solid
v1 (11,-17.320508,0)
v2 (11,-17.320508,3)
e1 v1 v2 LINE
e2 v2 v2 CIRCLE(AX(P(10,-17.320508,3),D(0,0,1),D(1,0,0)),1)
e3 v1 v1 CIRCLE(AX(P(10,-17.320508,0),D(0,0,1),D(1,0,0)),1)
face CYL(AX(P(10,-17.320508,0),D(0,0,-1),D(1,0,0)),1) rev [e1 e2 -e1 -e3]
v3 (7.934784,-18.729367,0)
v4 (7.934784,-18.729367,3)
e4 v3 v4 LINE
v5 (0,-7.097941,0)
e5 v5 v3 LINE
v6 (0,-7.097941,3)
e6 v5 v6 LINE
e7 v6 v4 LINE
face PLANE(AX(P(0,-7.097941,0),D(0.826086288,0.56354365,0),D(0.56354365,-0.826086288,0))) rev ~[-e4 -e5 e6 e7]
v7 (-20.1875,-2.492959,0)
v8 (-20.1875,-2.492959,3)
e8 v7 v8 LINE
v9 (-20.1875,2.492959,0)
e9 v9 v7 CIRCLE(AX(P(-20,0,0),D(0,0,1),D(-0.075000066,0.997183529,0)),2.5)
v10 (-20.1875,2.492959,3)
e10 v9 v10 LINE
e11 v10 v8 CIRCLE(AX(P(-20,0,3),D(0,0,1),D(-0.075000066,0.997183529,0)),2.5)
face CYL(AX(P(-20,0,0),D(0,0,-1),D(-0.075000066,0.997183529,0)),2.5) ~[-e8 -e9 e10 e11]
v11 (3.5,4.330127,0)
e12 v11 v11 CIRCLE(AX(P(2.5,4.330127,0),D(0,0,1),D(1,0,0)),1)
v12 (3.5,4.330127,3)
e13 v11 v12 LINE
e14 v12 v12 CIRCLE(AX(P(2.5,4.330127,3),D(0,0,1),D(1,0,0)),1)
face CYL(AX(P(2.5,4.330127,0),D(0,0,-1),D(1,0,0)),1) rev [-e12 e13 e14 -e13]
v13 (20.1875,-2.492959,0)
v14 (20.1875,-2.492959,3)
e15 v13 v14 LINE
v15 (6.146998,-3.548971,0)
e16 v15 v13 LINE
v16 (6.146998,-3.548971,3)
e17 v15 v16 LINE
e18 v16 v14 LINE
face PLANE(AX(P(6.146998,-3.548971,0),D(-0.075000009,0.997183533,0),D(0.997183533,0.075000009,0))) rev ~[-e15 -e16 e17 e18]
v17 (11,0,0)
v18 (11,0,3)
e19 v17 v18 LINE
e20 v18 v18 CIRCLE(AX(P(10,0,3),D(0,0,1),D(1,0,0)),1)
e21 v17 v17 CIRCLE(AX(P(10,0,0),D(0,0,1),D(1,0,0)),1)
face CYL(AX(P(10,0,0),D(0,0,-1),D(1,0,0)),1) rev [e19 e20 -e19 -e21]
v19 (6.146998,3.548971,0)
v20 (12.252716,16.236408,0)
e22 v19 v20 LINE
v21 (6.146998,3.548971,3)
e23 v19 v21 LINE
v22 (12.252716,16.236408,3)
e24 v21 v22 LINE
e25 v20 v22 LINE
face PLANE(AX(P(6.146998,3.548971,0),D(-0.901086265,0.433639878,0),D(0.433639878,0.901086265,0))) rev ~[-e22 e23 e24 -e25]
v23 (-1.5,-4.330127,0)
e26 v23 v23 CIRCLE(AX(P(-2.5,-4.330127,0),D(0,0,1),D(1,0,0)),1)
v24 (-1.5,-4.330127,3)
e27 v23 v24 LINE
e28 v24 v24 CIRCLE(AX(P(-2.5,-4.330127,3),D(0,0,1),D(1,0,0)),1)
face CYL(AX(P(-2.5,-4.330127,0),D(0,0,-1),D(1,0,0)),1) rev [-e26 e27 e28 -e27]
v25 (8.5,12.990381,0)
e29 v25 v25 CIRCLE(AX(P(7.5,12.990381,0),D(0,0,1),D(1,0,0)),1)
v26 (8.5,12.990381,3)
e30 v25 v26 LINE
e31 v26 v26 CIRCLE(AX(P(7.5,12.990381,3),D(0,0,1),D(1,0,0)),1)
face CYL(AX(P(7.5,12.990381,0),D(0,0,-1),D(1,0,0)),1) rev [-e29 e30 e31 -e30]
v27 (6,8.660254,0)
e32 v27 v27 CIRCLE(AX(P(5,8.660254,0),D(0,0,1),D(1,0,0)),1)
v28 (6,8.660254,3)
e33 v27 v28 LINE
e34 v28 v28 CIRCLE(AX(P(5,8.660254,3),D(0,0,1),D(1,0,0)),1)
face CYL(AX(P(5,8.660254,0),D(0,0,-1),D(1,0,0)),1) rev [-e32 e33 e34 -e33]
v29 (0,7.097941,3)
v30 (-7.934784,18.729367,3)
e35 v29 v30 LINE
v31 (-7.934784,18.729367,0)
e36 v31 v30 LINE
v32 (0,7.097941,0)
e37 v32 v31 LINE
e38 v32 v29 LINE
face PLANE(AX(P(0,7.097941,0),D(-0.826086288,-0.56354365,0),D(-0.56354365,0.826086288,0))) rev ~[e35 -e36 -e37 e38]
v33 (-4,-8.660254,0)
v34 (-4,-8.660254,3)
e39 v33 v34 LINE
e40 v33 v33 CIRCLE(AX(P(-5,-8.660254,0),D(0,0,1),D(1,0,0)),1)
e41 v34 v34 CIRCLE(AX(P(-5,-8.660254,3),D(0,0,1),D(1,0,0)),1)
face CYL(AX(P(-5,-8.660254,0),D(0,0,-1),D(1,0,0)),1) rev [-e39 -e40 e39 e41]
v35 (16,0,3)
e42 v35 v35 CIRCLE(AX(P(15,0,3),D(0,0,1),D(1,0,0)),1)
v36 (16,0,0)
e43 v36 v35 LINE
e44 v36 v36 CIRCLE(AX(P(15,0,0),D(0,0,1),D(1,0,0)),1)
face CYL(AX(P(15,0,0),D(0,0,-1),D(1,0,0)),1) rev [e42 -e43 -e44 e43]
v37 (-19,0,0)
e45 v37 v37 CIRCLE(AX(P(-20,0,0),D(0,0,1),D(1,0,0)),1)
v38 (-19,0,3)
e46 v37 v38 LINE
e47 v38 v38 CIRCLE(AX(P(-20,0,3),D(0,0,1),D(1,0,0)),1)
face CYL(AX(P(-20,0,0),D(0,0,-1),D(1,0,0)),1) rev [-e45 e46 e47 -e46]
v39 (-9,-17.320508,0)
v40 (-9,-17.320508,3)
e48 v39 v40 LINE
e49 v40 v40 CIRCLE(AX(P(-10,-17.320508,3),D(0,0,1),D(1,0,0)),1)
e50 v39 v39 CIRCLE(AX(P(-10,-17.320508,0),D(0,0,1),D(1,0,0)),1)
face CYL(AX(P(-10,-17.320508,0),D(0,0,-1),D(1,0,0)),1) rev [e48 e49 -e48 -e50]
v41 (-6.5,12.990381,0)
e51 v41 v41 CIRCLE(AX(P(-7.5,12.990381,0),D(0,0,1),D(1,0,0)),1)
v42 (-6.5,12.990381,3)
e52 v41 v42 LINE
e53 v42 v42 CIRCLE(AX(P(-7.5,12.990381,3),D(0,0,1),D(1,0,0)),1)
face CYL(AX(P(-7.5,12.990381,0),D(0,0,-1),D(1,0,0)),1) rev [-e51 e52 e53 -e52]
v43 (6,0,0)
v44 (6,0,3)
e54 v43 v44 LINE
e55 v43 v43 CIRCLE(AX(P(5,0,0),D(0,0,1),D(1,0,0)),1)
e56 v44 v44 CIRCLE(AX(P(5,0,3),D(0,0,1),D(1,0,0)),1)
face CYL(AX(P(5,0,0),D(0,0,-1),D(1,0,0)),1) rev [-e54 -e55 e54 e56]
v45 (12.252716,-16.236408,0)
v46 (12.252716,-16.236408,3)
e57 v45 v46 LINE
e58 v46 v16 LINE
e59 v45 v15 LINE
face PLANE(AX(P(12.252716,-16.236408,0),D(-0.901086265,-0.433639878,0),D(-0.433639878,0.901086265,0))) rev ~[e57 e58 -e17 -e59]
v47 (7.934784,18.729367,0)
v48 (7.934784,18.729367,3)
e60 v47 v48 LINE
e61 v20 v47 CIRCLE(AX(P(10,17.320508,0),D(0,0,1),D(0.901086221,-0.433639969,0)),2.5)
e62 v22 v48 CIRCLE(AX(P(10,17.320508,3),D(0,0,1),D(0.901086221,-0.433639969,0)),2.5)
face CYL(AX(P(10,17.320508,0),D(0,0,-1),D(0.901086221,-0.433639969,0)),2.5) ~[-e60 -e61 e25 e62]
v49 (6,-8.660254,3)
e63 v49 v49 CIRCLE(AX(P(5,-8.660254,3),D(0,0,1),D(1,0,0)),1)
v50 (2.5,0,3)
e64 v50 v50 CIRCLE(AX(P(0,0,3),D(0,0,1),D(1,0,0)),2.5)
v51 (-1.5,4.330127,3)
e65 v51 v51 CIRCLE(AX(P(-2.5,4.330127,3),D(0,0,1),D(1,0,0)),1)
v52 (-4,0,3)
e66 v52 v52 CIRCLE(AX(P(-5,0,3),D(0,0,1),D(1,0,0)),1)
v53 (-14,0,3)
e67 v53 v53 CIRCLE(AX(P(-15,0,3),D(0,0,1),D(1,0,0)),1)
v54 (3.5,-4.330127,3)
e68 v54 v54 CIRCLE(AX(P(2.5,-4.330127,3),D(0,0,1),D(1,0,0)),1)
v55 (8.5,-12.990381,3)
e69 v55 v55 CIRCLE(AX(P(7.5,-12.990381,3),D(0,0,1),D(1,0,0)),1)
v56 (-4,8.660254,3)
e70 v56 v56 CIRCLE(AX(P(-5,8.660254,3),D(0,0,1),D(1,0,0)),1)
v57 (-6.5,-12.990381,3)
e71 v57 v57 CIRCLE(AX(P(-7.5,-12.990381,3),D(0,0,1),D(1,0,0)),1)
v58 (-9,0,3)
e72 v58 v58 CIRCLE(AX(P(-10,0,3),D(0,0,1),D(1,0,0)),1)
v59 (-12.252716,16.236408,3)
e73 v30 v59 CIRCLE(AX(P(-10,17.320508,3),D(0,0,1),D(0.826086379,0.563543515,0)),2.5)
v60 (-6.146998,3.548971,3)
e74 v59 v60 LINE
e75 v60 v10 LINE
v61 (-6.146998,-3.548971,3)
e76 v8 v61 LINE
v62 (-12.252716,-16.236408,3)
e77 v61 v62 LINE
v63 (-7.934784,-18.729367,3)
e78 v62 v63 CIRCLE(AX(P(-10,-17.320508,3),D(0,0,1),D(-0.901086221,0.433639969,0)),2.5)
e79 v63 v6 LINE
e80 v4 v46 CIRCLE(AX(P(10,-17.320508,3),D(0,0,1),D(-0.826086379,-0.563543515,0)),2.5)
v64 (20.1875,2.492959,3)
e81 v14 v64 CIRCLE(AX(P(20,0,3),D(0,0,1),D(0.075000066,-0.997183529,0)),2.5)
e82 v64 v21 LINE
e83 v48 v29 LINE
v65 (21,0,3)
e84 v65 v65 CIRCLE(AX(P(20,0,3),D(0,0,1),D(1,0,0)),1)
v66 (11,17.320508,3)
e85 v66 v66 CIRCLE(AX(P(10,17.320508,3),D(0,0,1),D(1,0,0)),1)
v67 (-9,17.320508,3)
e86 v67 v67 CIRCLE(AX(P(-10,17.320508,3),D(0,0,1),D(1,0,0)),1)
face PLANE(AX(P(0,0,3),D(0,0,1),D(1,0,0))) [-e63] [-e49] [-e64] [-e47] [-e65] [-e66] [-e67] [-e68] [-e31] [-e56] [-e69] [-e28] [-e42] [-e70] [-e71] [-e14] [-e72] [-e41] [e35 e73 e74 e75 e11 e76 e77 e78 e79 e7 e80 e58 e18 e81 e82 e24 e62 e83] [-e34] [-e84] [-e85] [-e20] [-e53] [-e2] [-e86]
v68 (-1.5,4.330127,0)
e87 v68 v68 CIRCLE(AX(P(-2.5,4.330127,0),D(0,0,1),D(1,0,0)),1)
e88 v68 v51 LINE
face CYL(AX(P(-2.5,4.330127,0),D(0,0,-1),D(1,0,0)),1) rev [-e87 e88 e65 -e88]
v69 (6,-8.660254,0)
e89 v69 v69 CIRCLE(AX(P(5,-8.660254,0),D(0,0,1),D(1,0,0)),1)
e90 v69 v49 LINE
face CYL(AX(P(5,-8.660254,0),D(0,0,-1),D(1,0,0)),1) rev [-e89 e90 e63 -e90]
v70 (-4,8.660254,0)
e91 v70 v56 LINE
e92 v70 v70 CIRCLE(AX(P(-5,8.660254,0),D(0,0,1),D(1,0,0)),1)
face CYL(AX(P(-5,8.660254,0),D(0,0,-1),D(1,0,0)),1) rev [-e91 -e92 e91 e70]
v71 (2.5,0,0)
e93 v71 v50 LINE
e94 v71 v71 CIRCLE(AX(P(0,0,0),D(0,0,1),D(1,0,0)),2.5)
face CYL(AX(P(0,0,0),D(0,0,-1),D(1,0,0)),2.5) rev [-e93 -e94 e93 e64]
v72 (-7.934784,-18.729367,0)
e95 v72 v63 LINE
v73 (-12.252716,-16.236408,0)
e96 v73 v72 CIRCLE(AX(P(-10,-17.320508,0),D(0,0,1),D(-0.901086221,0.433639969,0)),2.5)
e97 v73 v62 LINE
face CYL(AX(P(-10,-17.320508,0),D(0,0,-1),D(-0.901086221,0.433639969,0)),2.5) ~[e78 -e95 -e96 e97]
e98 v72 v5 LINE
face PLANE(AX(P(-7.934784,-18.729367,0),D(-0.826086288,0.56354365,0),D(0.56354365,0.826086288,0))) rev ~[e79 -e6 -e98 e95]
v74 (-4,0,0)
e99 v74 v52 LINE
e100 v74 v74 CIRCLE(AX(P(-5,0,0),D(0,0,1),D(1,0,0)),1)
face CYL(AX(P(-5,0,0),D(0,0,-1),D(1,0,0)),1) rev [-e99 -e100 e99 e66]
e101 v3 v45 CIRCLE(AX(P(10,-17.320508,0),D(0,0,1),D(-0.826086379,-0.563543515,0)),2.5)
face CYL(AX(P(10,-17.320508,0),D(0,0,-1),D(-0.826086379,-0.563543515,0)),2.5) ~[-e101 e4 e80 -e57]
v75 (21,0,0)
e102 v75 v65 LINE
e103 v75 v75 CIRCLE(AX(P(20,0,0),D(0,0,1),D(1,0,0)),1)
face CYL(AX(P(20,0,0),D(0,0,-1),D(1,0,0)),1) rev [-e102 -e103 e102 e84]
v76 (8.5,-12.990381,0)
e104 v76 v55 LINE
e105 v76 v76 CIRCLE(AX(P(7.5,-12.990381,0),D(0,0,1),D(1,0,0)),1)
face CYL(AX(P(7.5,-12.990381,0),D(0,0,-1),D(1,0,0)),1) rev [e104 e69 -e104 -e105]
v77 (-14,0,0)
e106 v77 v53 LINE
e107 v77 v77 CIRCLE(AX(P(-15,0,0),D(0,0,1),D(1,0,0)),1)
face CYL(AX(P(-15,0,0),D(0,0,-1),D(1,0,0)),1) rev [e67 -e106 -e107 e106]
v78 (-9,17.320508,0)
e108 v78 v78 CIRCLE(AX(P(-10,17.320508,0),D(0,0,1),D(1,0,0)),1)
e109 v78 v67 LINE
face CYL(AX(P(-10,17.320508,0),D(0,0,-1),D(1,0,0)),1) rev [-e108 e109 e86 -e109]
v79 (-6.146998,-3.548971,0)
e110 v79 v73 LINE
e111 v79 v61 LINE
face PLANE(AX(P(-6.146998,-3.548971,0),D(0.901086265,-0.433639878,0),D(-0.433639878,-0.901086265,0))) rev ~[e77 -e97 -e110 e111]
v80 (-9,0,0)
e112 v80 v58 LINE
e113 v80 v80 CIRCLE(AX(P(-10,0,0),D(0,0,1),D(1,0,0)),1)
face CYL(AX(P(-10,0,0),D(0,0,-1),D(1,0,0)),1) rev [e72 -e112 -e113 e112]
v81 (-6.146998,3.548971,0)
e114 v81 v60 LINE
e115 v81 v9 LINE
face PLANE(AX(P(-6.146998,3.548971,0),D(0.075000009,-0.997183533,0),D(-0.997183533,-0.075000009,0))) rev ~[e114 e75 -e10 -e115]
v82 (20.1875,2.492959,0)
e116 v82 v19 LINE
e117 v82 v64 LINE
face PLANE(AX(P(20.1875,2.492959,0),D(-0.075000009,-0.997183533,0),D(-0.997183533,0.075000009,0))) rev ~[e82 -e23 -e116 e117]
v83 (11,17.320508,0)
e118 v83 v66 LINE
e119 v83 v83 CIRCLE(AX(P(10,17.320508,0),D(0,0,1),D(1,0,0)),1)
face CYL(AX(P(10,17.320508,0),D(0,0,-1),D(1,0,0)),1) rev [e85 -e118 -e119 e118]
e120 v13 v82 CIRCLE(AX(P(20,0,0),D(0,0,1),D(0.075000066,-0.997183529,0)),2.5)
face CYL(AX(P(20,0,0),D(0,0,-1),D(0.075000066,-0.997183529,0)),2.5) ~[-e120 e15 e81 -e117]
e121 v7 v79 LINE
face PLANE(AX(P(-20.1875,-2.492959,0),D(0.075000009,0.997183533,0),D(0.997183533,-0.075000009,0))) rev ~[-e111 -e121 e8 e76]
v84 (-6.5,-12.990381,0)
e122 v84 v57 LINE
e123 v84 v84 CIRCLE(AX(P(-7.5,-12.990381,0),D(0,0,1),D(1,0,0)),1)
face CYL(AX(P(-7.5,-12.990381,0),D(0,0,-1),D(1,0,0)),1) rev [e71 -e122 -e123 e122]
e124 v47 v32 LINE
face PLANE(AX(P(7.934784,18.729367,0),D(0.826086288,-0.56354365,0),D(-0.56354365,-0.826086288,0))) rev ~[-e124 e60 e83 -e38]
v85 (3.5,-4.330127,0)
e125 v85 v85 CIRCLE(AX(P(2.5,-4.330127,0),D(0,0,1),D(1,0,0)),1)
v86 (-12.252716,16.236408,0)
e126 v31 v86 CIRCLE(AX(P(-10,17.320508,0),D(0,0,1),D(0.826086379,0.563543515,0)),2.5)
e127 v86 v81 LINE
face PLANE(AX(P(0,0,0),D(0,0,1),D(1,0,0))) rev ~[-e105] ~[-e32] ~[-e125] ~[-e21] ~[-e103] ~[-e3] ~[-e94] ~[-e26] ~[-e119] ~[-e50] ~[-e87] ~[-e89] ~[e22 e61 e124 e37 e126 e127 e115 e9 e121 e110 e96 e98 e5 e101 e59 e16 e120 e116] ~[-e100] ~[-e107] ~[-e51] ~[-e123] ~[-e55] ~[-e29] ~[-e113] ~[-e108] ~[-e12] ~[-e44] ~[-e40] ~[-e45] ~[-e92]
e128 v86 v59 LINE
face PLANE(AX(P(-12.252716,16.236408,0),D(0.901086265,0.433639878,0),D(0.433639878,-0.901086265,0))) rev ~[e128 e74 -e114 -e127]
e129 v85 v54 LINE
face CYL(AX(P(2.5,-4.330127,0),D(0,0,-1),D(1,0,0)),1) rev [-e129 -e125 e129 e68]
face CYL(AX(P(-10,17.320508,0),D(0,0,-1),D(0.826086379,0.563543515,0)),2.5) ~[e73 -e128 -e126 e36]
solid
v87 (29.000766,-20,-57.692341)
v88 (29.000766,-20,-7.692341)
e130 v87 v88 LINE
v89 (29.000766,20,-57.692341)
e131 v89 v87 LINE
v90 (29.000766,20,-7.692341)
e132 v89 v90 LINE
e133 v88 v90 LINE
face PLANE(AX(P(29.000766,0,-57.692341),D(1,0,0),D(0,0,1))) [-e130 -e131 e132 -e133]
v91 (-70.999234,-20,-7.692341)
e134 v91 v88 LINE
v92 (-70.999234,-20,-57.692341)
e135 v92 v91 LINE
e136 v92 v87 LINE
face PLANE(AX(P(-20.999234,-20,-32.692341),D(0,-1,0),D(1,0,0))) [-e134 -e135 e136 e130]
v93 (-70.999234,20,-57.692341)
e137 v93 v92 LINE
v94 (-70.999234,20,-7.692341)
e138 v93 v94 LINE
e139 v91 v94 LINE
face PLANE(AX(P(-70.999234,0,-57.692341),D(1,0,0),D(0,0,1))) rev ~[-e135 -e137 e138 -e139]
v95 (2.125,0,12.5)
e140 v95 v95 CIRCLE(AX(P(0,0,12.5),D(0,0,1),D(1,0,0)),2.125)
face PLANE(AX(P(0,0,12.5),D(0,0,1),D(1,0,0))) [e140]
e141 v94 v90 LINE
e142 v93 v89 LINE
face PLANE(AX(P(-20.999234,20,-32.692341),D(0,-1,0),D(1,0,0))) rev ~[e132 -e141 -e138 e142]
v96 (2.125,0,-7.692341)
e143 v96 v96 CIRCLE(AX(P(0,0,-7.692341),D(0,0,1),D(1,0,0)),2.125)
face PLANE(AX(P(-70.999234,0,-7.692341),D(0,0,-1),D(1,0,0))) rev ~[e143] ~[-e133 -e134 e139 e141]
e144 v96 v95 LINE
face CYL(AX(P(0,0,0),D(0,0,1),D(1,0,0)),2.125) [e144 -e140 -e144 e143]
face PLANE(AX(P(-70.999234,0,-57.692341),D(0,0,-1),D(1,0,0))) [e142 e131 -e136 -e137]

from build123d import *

# Parameters (mm, degrees)
F0_R     = 1
F0_R_2   = 2.5
F1_DEPTH = 3
F2_R     = 2.125
F3_DEPTH = 12.5
F4_W     = 100
F4_H     = 50
F5_DEPTH = 20


with BuildPart() as f1:
    # F0 (on Top) → F1 (new body)
    with BuildSketch(Plane.XY):
        with BuildLine():
            Line((6.146998, -3.548971), (20.1875, -2.492959))
            ThreePointArc((20.1875, -2.492959), (22.5, 0), (20.1875, 2.492959))
            Line((20.1875, 2.492959), (6.146998, 3.548971))
            Line((6.146998, 3.548971), (12.252716, 16.236408))
            ThreePointArc((12.252716, 16.236408), (11.25, 19.485572), (7.934784, 18.729367))
            Line((7.934784, 18.729367), (0, 7.097941))
            Line((0, 7.097941), (-7.934784, 18.729367))
            ThreePointArc((-7.934784, 18.729367), (-11.25, 19.485572), (-12.252716, 16.236408))
            Line((-12.252716, 16.236408), (-6.146998, 3.548971))
            Line((-6.146998, 3.548971), (-20.1875, 2.492959))
            ThreePointArc((-20.1875, 2.492959), (-22.5, 0), (-20.1875, -2.492959))
            Line((-20.1875, -2.492959), (-6.146998, -3.548971))
            Line((-6.146998, -3.548971), (-12.252716, -16.236408))
            ThreePointArc((-12.252716, -16.236408), (-11.25, -19.485572), (-7.934784, -18.729367))
            Line((-7.934784, -18.729367), (0, -7.097941))
            Line((0, -7.097941), (7.934784, -18.729367))
            ThreePointArc((7.934784, -18.729367), (11.25, -19.485572), (12.252716, -16.236408))
            Line((12.252716, -16.236408), (6.146998, -3.548971))
        make_face()
        with Locations((-10, -17.320508)):
            Circle(F0_R, mode=Mode.SUBTRACT)
        with Locations((-7.5, -12.990381)):
            Circle(F0_R, mode=Mode.SUBTRACT)
        with Locations((-5, -8.660254)):
            Circle(F0_R, mode=Mode.SUBTRACT)
        with Locations((-2.5, -4.330127)):
            Circle(F0_R, mode=Mode.SUBTRACT)
        with Locations((10, -17.320508)):
            Circle(F0_R, mode=Mode.SUBTRACT)
        with Locations((7.5, -12.990381)):
            Circle(F0_R, mode=Mode.SUBTRACT)
        with Locations((5, -8.660254)):
            Circle(F0_R, mode=Mode.SUBTRACT)
        with Locations((2.5, -4.330127)):
            Circle(F0_R, mode=Mode.SUBTRACT)
        with Locations((-20, 0)):
            Circle(F0_R, mode=Mode.SUBTRACT)
        with Locations((-15, 0)):
            Circle(F0_R, mode=Mode.SUBTRACT)
        with Locations((-10, 0)):
            Circle(F0_R, mode=Mode.SUBTRACT)
        with Locations((-5, 0)):
            Circle(F0_R, mode=Mode.SUBTRACT)
        with Locations((-2.5, 4.330127)):
            Circle(F0_R, mode=Mode.SUBTRACT)
        with Locations((-5, 8.660254)):
            Circle(F0_R, mode=Mode.SUBTRACT)
        with Locations((-7.5, 12.990381)):
            Circle(F0_R, mode=Mode.SUBTRACT)
        with Locations((-10, 17.320508)):
            Circle(F0_R, mode=Mode.SUBTRACT)
        Circle(F0_R_2, mode=Mode.SUBTRACT)
        with Locations((5, 0)):
            Circle(F0_R, mode=Mode.SUBTRACT)
        with Locations((2.5, 4.330127)):
            Circle(F0_R, mode=Mode.SUBTRACT)
        with Locations((10, 0)):
            Circle(F0_R, mode=Mode.SUBTRACT)
        with Locations((5, 8.660254)):
            Circle(F0_R, mode=Mode.SUBTRACT)
        with Locations((15, 0)):
            Circle(F0_R, mode=Mode.SUBTRACT)
        with Locations((20, 0)):
            Circle(F0_R, mode=Mode.SUBTRACT)
        with Locations((7.5, 12.990381)):
            Circle(F0_R, mode=Mode.SUBTRACT)
        with Locations((10, 17.320508)):
            Circle(F0_R, mode=Mode.SUBTRACT)
    extrude(amount=F1_DEPTH)


with BuildPart() as f3:
    # F2 (on Top) → F3 (new body, symmetric)
    with BuildSketch(Plane.XY):
        Circle(F2_R)
    extrude(amount=F3_DEPTH, both=True)

    # F4 (on Front) → F5 (join, symmetric)
    with BuildSketch(Plane.XZ):
        with Locations((-20.999234, -32.692341)):
            Rectangle(F4_W, F4_H)
    extrude(amount=F5_DEPTH, both=True)


solid = Compound([f1.part, f3.part])
